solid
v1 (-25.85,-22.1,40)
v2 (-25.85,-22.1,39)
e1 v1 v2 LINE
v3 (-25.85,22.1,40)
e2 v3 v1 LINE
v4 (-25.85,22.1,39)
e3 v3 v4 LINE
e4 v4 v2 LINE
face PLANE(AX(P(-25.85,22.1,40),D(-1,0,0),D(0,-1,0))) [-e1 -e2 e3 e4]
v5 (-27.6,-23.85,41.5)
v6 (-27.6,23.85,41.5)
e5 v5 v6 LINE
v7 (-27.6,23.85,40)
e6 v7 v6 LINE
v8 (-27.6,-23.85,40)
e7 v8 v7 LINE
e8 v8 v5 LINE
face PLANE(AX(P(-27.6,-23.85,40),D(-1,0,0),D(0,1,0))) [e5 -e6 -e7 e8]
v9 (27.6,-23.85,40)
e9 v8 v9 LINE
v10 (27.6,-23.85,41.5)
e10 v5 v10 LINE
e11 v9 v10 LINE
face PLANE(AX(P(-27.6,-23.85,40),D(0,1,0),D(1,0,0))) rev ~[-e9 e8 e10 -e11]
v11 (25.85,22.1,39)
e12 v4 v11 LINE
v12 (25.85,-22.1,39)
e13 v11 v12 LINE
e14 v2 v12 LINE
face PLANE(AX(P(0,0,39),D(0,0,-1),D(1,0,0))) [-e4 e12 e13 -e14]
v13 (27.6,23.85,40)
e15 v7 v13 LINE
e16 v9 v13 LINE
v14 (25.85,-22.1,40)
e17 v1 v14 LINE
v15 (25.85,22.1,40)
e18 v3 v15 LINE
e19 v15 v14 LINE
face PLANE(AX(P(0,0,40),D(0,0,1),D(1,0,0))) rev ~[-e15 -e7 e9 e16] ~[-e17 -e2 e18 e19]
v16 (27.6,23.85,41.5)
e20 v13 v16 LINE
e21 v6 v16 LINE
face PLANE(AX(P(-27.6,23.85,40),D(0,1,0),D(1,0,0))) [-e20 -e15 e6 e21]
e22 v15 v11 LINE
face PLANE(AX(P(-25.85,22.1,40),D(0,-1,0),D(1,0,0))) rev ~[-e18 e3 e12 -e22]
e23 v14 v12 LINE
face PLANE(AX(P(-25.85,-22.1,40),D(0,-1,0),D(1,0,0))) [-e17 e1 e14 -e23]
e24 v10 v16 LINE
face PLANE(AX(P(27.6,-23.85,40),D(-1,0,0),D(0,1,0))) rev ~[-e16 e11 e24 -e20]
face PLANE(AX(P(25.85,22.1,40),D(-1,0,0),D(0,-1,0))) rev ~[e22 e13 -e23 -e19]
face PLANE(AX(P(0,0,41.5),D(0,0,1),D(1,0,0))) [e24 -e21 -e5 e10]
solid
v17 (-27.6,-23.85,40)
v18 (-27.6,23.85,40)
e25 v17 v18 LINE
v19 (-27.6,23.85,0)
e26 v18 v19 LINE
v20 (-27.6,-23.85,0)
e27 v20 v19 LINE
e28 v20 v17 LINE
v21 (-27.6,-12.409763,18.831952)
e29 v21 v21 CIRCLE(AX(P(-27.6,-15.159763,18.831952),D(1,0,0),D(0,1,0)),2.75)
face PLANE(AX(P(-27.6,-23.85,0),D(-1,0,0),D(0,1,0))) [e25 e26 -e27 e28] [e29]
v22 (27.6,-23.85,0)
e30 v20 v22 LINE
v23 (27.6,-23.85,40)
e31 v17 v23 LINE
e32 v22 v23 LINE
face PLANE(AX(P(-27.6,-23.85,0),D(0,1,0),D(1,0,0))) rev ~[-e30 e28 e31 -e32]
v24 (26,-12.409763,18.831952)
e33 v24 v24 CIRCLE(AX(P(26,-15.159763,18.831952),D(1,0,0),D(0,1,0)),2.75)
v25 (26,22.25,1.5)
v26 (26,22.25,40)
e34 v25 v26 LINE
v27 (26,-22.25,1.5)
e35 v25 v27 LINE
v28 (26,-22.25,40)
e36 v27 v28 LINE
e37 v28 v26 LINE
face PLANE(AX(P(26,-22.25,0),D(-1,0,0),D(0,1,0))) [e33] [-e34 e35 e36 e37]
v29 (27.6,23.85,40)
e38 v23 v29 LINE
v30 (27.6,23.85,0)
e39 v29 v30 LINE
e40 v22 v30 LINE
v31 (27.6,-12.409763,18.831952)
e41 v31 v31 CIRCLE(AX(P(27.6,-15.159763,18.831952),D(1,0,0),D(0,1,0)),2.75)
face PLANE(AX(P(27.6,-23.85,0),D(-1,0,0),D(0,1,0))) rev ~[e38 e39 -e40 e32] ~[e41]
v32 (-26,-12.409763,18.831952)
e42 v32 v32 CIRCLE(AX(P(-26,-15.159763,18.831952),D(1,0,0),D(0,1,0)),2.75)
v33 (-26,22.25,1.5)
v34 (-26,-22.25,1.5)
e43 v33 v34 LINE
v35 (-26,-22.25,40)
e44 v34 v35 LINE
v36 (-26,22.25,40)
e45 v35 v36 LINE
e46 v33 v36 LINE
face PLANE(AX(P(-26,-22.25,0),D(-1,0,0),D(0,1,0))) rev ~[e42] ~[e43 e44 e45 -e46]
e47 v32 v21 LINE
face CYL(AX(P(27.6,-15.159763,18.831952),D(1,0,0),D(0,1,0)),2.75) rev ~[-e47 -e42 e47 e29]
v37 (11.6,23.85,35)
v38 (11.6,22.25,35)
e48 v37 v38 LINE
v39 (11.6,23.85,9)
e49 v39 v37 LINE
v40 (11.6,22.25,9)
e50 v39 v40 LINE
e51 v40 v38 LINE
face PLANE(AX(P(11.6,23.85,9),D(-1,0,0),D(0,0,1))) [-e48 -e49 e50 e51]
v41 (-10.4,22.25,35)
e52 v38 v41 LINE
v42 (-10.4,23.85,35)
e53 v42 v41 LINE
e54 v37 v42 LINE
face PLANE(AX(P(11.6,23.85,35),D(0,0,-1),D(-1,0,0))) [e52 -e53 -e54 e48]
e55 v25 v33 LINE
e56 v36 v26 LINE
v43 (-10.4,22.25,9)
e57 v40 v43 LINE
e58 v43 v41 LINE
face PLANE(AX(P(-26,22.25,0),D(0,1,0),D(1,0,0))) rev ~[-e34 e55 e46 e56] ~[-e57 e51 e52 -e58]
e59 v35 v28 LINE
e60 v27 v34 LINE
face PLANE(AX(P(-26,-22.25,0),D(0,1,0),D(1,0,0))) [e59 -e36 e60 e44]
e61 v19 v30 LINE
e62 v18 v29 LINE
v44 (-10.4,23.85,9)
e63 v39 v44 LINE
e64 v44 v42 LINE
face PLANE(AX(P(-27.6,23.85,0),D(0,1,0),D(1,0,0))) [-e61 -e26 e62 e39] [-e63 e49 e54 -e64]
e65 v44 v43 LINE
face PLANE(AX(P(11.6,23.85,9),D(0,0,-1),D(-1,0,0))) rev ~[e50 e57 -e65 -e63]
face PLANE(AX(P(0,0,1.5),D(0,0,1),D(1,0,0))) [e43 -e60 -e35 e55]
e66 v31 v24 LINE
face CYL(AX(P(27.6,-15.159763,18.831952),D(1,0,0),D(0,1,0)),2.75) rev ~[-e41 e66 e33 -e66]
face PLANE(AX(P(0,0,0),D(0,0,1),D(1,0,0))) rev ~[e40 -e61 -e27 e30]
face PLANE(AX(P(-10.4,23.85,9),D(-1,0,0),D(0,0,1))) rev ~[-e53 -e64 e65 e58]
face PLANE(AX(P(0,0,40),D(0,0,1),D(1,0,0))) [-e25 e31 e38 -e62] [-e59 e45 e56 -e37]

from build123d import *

# Parameters (mm, degrees)
F0_W      = 55.2
F0_H      = 47.7
F0_W_2    = 52
F0_H_2    = 44.5
F1_DEPTH  = 1.5
F2_DEPTH  = 40
F3_W      = 22
F3_H      = 26
F4_DEPTH  = 1.6
F5_R      = 2.75
F6_DEPTH  = 55.201
F7_W      = 55.2
F7_H      = 47.7
F8_DEPTH  = 1.5
F9_W      = 51.7
F9_H      = 44.2
F10_DEPTH = 1


with BuildPart() as f1:
    # F0 (on Top) → F1 (new body)
    with BuildSketch(Plane.XY):
        Rectangle(F0_W, F0_H)
        Rectangle(F0_W_2, F0_H_2, mode=Mode.SUBTRACT)
        Rectangle(F0_W_2, F0_H_2)
    extrude(amount=F1_DEPTH)

    # F0 (on Top) → F2 (join)
    with BuildSketch(Plane.XY):
        Rectangle(F0_W, F0_H)
        Rectangle(F0_W_2, F0_H_2, mode=Mode.SUBTRACT)
    extrude(amount=F2_DEPTH)

    # F3 (on face) → F4 (cut, through all)
    with BuildSketch(Plane(origin=(0, 23.85, 0), x_dir=(-1, 0, 0), z_dir=(0, 1, 0))):
        with Locations((-0.6, 22)):
            Rectangle(F3_W, F3_H)
    extrude(amount=-F4_DEPTH, mode=Mode.SUBTRACT)

    # F5 (on face) → F6 (cut, through all)
    with BuildSketch(Plane.YZ.offset(27.6)):
        with Locations((-15.159763, 18.831952)):
            Circle(F5_R)
    extrude(amount=-F6_DEPTH, mode=Mode.SUBTRACT)


with BuildPart() as f8:
    # F7 (on face) → F8 (new body)
    with BuildSketch(Plane.XY.offset(40)):
        Rectangle(F7_W, F7_H)
    extrude(amount=F8_DEPTH)

    # F9 (on face) → F10 (join)
    with BuildSketch(Plane(origin=(0, 0, 40), x_dir=(1, 0, 0), z_dir=(0, 0, -1))):
        Rectangle(F9_W, F9_H)
    extrude(amount=F10_DEPTH)


solid = Compound([f1.part, f8.part])
